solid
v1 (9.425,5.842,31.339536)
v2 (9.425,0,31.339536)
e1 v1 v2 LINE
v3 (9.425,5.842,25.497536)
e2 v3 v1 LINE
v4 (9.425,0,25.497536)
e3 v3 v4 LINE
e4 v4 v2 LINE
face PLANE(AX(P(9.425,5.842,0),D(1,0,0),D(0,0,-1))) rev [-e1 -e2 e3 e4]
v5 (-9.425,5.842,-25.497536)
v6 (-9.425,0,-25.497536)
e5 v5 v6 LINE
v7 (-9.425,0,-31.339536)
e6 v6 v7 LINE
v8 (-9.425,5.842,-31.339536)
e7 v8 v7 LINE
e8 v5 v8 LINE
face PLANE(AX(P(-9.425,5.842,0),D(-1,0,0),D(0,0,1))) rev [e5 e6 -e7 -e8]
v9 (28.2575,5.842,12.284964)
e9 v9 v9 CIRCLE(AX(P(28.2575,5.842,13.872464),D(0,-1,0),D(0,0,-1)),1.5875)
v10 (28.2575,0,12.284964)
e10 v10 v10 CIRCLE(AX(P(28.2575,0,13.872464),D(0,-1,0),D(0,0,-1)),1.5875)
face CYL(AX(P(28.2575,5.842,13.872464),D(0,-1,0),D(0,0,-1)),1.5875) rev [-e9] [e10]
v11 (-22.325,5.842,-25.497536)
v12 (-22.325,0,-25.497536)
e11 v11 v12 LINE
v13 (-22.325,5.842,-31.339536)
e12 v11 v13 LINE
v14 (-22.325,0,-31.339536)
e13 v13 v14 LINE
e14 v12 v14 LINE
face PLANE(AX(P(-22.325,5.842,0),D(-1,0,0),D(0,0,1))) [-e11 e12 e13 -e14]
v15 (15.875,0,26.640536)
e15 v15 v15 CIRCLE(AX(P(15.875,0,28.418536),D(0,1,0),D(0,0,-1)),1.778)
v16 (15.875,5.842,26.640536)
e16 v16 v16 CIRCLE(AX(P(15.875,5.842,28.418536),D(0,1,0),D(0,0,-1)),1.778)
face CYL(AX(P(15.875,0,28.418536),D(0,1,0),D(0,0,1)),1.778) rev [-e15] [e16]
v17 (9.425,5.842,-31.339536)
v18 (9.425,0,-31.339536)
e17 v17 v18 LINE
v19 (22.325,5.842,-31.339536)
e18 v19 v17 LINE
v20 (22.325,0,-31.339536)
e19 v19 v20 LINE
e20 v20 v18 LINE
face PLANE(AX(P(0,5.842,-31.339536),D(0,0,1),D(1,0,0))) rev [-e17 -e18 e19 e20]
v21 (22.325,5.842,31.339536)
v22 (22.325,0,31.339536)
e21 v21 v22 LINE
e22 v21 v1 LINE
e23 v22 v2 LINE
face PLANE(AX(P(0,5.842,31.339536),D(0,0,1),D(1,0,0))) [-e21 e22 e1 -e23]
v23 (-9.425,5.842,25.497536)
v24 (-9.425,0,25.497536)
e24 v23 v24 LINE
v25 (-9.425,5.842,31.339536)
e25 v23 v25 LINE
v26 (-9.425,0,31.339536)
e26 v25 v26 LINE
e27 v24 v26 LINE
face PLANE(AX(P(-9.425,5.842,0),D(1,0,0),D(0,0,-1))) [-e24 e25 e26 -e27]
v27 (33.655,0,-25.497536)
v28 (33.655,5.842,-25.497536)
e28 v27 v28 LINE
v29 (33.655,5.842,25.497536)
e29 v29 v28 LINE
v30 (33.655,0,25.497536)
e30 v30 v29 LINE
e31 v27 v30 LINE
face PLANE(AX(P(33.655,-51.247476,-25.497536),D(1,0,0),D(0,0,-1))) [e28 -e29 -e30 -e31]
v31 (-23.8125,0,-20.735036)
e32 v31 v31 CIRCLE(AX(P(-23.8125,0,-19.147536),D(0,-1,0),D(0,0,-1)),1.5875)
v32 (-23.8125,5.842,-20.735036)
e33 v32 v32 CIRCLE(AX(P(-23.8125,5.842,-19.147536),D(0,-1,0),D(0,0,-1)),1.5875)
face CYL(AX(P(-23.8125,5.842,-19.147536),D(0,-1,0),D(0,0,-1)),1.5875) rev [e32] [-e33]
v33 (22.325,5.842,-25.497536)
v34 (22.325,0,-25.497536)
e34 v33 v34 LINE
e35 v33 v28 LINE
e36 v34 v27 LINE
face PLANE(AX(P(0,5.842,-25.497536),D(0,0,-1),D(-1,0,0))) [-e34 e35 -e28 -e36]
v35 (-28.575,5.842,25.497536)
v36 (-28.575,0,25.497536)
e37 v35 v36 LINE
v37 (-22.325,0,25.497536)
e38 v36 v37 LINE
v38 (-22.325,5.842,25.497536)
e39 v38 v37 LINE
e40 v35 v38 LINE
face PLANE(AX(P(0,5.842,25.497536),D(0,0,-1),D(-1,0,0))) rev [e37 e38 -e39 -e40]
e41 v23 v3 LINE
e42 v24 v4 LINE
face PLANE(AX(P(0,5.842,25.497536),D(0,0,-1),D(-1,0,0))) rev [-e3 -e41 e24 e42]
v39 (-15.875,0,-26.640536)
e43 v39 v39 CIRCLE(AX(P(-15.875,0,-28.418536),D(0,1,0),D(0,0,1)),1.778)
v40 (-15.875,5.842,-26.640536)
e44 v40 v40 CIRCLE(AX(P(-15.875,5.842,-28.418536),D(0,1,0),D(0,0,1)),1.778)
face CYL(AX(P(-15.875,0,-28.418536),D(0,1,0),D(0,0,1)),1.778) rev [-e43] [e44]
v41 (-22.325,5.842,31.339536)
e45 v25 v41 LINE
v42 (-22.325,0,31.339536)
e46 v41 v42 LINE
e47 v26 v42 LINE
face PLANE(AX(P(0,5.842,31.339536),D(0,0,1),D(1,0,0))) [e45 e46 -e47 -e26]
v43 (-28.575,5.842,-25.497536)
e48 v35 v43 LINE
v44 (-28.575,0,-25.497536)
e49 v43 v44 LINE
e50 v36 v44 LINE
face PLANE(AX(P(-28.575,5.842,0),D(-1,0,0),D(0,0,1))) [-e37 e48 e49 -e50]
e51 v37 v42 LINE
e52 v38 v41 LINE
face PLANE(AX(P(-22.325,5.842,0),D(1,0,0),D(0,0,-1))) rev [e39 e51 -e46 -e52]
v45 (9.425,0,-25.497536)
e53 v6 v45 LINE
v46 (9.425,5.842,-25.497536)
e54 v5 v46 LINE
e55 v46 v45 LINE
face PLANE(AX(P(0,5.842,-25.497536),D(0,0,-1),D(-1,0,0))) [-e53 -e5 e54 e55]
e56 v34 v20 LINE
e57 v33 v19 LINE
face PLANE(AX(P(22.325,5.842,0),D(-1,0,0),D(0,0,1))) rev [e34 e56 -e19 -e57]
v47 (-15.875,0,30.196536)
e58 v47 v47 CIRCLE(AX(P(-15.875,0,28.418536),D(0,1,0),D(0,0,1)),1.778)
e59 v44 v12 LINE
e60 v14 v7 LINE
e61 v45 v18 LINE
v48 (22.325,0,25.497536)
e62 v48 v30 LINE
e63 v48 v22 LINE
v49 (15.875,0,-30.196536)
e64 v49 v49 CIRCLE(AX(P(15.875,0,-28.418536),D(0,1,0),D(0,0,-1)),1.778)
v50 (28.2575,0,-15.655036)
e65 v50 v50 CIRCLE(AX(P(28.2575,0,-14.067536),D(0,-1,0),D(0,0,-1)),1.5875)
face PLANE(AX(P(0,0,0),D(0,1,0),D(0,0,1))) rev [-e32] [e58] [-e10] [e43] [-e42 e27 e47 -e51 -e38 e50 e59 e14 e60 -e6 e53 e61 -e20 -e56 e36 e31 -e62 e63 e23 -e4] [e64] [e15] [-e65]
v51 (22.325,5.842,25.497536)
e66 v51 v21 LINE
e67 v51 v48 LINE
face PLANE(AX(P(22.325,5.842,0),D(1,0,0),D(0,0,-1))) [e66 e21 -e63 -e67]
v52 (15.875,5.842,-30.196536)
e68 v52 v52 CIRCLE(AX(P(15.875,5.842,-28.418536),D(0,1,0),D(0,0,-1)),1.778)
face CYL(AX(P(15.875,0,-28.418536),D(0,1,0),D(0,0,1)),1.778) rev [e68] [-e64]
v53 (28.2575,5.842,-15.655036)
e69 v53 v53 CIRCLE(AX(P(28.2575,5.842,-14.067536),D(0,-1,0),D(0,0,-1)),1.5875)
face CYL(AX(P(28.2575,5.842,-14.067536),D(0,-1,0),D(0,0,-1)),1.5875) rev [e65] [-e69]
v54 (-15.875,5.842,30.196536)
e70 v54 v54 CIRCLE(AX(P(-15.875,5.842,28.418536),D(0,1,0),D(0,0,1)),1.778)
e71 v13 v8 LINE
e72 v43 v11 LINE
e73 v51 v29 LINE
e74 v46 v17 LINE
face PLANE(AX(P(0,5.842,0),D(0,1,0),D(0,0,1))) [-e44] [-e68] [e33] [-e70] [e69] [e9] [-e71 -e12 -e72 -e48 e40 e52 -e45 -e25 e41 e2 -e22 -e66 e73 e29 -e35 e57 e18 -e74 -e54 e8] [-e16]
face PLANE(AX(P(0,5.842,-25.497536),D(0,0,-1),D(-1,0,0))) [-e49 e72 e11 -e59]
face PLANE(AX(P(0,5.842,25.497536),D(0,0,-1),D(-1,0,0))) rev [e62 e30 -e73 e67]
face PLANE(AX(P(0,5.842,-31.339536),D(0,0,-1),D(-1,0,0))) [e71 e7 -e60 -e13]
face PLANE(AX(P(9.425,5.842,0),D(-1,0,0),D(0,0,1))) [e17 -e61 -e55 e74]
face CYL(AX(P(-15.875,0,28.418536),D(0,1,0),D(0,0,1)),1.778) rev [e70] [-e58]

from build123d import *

# Parameters (mm, degrees)
BOSS_EXTRUDE1_DEPTH = 5.842
SKETCH2_R           = 1.778
CUT_EXTRUDE1_DEPTH  = 43.811518376
SKETCH3_W           = 5.08
SKETCH3_H           = 50.995072
BOSS_EXTRUDE2_DEPTH = 5.842
SKETCH4_R           = 1.5875
CUT_EXTRUDE2_DEPTH  = 47.356817252


with BuildPart() as part:
    # Sketch1 → Boss-Extrude1 (new body)
    with BuildSketch(Plane(origin=(0, 0, 0), x_dir=(1, 0, 0), z_dir=(0, 1, 0))):
        Polygon((22.325, -31.339536), (9.425, -31.339536), (9.425, -25.497536), (-9.425, -25.497536), (-9.425, -31.339536), (-22.325, -31.339536), (-22.325, -25.497536), (-28.575, -25.497536), (-28.575, 25.497536), (-22.325, 25.497536), (-22.325, 31.339536), (-9.425, 31.339536), (-9.425, 25.497536), (9.425, 25.497536), (9.425, 31.339536), (22.325, 31.339536), (22.325, 25.497536), (28.575, 25.497536), (28.575, -25.497536), (22.325, -25.497536), align=None)
    extrude(amount=BOSS_EXTRUDE1_DEPTH)

    # Sketch2 → Cut-Extrude1 (cut, through all)
    with BuildSketch(Plane(origin=(0, 5.842, 0), x_dir=(1, 0, 0), z_dir=(0, 1, 0))):
        with Locations(Location((-15.875, 28.418536, 0), (0, 0, 270))):
            Circle(SKETCH2_R)
        with Locations(Location((-15.875, -28.418536, 0), (0, 0, 270))):
            Circle(SKETCH2_R)
        with Locations(Location((15.875, 28.418536, 0), (0, 0, 90))):
            Circle(SKETCH2_R)
        with Locations(Location((15.875, -28.418536, 0), (0, 0, 90))):
            Circle(SKETCH2_R)
    extrude(amount=-CUT_EXTRUDE1_DEPTH, mode=Mode.SUBTRACT)

    # Sketch3 → Boss-Extrude2 (add)
    with BuildSketch(Plane(origin=(0, 5.842, 0), x_dir=(1, 0, 0), z_dir=(0, 1, 0))):
        with Locations((31.115, 0)):
            Rectangle(SKETCH3_W, SKETCH3_H)
    extrude(amount=-BOSS_EXTRUDE2_DEPTH)

    # Sketch4 → Cut-Extrude2 (cut, through all)
    with BuildSketch(Plane(origin=(0, 0, 0), x_dir=(-1, 0, 0), z_dir=(0, -1, 0))):
        with Locations(Location((23.8125, 19.147536, 0), (0, 0, 90))):
            Circle(SKETCH4_R)
        with Locations(Location((-28.2575, 14.067536, 0), (0, 0, 90))):
            Circle(SKETCH4_R)
        with Locations(Location((-28.2575, -13.872464, 0), (0, 0, 90))):
            Circle(SKETCH4_R)
    extrude(amount=-CUT_EXTRUDE2_DEPTH, mode=Mode.SUBTRACT)


solid = part.part
